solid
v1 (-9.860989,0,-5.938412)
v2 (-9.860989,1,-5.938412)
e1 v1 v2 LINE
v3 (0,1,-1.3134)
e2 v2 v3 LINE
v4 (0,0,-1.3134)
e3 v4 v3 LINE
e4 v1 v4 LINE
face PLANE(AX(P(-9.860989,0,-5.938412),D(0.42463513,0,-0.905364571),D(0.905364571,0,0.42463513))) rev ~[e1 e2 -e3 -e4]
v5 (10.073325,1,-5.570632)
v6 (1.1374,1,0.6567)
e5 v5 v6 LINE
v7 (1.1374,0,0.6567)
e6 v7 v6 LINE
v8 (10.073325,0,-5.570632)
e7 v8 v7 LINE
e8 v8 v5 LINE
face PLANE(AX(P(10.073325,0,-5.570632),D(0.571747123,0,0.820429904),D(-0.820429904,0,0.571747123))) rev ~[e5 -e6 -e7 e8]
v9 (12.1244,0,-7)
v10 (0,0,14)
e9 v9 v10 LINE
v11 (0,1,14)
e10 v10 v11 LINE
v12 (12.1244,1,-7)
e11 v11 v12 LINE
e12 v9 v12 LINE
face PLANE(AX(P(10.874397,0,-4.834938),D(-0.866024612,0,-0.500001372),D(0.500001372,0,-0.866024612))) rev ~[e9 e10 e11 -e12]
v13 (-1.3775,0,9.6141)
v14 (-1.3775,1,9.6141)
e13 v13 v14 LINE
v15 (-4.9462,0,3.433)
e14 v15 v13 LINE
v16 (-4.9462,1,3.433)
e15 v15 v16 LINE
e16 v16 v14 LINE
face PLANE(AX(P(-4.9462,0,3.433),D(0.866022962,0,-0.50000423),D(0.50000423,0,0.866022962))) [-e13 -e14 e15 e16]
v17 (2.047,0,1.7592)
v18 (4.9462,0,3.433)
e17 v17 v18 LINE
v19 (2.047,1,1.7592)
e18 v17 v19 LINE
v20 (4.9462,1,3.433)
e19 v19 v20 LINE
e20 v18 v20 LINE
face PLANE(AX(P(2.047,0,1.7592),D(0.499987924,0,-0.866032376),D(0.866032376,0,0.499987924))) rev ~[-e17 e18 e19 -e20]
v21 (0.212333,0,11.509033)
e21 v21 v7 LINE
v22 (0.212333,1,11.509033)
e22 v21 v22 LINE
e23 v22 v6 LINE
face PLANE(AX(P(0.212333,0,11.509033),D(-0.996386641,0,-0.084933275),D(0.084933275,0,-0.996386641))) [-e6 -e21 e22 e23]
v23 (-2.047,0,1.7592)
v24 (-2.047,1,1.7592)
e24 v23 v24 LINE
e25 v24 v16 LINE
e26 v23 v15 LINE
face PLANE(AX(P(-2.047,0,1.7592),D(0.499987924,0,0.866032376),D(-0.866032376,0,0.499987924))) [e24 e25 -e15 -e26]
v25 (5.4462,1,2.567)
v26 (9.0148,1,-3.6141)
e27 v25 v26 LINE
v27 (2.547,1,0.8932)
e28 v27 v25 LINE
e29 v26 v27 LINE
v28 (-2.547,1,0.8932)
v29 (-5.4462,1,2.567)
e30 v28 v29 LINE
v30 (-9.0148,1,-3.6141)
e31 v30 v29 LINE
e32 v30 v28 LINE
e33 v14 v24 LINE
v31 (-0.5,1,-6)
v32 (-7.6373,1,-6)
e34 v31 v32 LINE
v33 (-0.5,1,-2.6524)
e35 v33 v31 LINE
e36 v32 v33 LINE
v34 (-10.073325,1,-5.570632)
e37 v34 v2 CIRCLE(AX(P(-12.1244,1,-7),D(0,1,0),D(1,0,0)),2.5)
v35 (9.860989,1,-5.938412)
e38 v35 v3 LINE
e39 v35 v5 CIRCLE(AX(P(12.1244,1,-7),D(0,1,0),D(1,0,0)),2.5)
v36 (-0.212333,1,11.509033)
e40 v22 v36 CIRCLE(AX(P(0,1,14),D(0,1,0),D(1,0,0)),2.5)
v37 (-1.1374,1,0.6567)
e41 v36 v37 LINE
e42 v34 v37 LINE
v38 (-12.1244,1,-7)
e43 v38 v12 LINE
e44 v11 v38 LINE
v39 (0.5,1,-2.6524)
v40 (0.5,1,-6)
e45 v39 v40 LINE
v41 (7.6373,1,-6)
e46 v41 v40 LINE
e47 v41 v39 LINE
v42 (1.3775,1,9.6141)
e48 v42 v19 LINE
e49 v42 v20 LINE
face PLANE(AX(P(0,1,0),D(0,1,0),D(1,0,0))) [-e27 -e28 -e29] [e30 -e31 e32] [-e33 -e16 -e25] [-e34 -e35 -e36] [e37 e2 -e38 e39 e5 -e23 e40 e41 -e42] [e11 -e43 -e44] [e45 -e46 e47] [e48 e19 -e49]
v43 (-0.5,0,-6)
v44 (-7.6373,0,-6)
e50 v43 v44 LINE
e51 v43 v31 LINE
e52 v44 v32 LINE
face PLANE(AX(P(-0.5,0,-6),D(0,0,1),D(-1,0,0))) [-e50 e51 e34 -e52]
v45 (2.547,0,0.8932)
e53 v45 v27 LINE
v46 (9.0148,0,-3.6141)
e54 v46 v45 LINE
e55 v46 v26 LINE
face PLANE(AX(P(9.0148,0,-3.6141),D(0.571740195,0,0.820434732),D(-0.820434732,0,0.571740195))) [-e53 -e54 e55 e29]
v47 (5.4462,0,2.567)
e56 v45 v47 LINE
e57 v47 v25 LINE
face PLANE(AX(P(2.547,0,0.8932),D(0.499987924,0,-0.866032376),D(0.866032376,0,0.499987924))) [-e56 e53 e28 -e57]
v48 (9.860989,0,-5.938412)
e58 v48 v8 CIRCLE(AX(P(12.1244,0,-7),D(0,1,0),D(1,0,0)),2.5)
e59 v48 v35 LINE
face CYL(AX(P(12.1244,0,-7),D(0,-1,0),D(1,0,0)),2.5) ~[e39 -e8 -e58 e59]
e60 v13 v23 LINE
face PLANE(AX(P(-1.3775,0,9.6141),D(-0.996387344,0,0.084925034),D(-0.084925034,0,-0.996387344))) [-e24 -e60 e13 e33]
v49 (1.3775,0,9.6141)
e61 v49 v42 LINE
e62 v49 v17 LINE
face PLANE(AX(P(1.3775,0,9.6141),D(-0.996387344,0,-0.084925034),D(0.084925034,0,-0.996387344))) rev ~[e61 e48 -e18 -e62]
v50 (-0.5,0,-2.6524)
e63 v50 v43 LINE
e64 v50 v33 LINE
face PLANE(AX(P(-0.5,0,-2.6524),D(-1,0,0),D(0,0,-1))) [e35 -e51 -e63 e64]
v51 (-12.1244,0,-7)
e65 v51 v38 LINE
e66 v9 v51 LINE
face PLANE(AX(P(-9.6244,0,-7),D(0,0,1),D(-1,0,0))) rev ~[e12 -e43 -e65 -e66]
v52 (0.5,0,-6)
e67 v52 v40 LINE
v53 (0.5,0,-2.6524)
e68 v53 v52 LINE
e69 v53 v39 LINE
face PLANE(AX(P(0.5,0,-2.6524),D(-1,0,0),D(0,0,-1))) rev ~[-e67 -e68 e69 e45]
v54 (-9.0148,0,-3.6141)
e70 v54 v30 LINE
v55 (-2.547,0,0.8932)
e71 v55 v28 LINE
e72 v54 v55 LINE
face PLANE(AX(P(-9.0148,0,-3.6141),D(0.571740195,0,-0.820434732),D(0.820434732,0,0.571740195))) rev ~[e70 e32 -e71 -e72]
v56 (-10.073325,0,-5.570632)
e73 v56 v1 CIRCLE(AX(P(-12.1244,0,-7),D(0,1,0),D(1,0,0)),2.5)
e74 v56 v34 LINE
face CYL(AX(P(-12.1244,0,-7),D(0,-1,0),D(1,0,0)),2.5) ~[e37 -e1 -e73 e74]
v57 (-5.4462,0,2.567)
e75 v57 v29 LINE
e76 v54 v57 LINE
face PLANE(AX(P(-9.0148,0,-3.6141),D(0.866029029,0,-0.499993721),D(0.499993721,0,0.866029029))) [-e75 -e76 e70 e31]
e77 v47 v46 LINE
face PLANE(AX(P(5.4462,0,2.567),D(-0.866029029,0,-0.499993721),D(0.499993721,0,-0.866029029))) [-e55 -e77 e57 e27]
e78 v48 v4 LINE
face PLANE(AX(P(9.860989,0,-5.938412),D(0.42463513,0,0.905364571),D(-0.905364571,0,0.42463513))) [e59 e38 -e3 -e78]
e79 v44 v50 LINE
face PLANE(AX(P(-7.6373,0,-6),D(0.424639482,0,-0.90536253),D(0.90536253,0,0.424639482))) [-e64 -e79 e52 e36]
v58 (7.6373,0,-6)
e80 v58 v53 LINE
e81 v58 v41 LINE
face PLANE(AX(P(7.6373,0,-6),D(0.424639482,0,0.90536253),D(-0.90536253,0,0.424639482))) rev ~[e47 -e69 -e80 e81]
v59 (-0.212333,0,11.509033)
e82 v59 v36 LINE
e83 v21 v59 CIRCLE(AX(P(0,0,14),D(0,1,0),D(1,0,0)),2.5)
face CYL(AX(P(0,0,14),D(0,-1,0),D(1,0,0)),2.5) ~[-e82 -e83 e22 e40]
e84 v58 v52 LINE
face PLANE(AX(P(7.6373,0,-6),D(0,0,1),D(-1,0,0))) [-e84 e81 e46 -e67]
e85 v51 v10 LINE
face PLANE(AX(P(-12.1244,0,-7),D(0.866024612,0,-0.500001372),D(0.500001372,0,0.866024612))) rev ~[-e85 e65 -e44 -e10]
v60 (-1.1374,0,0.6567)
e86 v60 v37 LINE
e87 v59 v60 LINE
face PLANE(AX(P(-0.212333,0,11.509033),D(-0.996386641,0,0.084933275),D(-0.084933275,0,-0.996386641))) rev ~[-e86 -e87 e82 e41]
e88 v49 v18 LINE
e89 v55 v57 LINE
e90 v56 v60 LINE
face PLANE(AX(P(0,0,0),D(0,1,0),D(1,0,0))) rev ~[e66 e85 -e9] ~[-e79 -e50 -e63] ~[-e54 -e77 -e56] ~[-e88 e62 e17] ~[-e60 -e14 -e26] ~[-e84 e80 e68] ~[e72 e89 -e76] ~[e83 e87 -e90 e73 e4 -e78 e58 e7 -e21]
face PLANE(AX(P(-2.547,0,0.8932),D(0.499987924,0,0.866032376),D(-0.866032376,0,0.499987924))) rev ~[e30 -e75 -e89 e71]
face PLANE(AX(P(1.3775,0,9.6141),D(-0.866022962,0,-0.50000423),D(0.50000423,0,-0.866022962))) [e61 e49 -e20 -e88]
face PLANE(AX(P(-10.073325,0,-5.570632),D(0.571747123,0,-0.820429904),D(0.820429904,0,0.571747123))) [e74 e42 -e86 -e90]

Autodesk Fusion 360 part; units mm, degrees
sketch "草图1" plane through (0, 0, 0) normal (0, 1, 0) x (1, 0, 0)
  line L0 (2.4024, -17.839) -> (16.6502, 6.839)
  line L1 (-16.6502, 6.839) -> (-2.4024, -17.839)
  arc A0 (-14.2478, 11) -> (-16.6502, 6.839) centre (0, 0) ccw
  line L2 (14.2478, 11) -> (-14.2478, 11)
  arc A1 (16.6502, 6.839) -> (14.2478, 11) centre (0, 0) ccw
  arc A2 (-2.4024, -17.839) -> (2.4024, -17.839) centre (0, 0) ccw
  line L3 (12.1244, 7) -> (-12.1244, 7)
  line L4 (-12.1244, 7) -> (0, -14)
  line L5 (0, -14) -> (12.1244, 7)
  line L6 (0, -14) -> (1.1374, -0.6567)
  line L7 (12.1244, 7) -> (1.1374, -0.6567)
  line L8 (1.3775, -9.6141) -> (2.0939, -1.2089)
  line L9 (9.0148, 3.6141) -> (2.0939, -1.2089)
  line L10 (2.047, -1.7592) -> (4.9462, -3.433)
  line L11 (2.547, -0.8932) -> (5.4462, -2.567)
  line L12 (1.3775, -9.6141) -> (4.9462, -3.433)
  line L13 (5.4462, -2.567) -> (9.0148, 3.6141)
  line L14 (12.1244, 7) -> (0, 1.3134)
  line L15 (7.6373, 6) -> (0, 2.4179)
  line L16 (0.5, 2.6524) -> (0.5, 6)
  line L17 (-0.5, 2.6524) -> (-0.5, 6)
  line L18 (-7.6373, 6) -> (0, 2.4179)
  line L19 (-12.1244, 7) -> (0, 1.3134)
  line L20 (-0.5, 6) -> (-7.6373, 6)
  line L21 (7.6373, 6) -> (0.5, 6)
  line L22 (-12.1244, 7) -> (-1.1374, -0.6567)
  line L23 (-9.0148, 3.6141) -> (-2.0939, -1.2089)
  line L24 (-2.547, -0.8932) -> (-5.4462, -2.567)
  line L25 (-2.047, -1.7592) -> (-4.9462, -3.433)
  line L26 (-1.3775, -9.6141) -> (-2.0939, -1.2089)
  line L27 (0, -14) -> (-1.1374, -0.6567)
  line L28 (-4.9462, -3.433) -> (-1.3775, -9.6141)
  line L29 (-9.0148, 3.6141) -> (-5.4462, -2.567)
  circle A3 centre (0, -14) radius 2.5
  circle A4 centre (12.1244, 7) radius 2.5
  circle A5 centre (-12.1244, 7) radius 2.5
  dimension "d1" = -4
  dimension "d6" = 360
  dimension "d7" = 5
  dimension "d9" = 360
extrude "拉伸1" add sketch "草图1" along normal blind 1 contours L3 L19 A5 | L3 L14 L19 A4 A5 | L4 L22 A5 | L19 L22 A5 | L3 L14 A4 | L4 L22 L27 A3 A5 | L5 L7 A4 | L7 L14 A4 | L4 L27 A3 | L5 L6 L7 A3 A4 | L5 L6 A3 | L6 L27 A3
